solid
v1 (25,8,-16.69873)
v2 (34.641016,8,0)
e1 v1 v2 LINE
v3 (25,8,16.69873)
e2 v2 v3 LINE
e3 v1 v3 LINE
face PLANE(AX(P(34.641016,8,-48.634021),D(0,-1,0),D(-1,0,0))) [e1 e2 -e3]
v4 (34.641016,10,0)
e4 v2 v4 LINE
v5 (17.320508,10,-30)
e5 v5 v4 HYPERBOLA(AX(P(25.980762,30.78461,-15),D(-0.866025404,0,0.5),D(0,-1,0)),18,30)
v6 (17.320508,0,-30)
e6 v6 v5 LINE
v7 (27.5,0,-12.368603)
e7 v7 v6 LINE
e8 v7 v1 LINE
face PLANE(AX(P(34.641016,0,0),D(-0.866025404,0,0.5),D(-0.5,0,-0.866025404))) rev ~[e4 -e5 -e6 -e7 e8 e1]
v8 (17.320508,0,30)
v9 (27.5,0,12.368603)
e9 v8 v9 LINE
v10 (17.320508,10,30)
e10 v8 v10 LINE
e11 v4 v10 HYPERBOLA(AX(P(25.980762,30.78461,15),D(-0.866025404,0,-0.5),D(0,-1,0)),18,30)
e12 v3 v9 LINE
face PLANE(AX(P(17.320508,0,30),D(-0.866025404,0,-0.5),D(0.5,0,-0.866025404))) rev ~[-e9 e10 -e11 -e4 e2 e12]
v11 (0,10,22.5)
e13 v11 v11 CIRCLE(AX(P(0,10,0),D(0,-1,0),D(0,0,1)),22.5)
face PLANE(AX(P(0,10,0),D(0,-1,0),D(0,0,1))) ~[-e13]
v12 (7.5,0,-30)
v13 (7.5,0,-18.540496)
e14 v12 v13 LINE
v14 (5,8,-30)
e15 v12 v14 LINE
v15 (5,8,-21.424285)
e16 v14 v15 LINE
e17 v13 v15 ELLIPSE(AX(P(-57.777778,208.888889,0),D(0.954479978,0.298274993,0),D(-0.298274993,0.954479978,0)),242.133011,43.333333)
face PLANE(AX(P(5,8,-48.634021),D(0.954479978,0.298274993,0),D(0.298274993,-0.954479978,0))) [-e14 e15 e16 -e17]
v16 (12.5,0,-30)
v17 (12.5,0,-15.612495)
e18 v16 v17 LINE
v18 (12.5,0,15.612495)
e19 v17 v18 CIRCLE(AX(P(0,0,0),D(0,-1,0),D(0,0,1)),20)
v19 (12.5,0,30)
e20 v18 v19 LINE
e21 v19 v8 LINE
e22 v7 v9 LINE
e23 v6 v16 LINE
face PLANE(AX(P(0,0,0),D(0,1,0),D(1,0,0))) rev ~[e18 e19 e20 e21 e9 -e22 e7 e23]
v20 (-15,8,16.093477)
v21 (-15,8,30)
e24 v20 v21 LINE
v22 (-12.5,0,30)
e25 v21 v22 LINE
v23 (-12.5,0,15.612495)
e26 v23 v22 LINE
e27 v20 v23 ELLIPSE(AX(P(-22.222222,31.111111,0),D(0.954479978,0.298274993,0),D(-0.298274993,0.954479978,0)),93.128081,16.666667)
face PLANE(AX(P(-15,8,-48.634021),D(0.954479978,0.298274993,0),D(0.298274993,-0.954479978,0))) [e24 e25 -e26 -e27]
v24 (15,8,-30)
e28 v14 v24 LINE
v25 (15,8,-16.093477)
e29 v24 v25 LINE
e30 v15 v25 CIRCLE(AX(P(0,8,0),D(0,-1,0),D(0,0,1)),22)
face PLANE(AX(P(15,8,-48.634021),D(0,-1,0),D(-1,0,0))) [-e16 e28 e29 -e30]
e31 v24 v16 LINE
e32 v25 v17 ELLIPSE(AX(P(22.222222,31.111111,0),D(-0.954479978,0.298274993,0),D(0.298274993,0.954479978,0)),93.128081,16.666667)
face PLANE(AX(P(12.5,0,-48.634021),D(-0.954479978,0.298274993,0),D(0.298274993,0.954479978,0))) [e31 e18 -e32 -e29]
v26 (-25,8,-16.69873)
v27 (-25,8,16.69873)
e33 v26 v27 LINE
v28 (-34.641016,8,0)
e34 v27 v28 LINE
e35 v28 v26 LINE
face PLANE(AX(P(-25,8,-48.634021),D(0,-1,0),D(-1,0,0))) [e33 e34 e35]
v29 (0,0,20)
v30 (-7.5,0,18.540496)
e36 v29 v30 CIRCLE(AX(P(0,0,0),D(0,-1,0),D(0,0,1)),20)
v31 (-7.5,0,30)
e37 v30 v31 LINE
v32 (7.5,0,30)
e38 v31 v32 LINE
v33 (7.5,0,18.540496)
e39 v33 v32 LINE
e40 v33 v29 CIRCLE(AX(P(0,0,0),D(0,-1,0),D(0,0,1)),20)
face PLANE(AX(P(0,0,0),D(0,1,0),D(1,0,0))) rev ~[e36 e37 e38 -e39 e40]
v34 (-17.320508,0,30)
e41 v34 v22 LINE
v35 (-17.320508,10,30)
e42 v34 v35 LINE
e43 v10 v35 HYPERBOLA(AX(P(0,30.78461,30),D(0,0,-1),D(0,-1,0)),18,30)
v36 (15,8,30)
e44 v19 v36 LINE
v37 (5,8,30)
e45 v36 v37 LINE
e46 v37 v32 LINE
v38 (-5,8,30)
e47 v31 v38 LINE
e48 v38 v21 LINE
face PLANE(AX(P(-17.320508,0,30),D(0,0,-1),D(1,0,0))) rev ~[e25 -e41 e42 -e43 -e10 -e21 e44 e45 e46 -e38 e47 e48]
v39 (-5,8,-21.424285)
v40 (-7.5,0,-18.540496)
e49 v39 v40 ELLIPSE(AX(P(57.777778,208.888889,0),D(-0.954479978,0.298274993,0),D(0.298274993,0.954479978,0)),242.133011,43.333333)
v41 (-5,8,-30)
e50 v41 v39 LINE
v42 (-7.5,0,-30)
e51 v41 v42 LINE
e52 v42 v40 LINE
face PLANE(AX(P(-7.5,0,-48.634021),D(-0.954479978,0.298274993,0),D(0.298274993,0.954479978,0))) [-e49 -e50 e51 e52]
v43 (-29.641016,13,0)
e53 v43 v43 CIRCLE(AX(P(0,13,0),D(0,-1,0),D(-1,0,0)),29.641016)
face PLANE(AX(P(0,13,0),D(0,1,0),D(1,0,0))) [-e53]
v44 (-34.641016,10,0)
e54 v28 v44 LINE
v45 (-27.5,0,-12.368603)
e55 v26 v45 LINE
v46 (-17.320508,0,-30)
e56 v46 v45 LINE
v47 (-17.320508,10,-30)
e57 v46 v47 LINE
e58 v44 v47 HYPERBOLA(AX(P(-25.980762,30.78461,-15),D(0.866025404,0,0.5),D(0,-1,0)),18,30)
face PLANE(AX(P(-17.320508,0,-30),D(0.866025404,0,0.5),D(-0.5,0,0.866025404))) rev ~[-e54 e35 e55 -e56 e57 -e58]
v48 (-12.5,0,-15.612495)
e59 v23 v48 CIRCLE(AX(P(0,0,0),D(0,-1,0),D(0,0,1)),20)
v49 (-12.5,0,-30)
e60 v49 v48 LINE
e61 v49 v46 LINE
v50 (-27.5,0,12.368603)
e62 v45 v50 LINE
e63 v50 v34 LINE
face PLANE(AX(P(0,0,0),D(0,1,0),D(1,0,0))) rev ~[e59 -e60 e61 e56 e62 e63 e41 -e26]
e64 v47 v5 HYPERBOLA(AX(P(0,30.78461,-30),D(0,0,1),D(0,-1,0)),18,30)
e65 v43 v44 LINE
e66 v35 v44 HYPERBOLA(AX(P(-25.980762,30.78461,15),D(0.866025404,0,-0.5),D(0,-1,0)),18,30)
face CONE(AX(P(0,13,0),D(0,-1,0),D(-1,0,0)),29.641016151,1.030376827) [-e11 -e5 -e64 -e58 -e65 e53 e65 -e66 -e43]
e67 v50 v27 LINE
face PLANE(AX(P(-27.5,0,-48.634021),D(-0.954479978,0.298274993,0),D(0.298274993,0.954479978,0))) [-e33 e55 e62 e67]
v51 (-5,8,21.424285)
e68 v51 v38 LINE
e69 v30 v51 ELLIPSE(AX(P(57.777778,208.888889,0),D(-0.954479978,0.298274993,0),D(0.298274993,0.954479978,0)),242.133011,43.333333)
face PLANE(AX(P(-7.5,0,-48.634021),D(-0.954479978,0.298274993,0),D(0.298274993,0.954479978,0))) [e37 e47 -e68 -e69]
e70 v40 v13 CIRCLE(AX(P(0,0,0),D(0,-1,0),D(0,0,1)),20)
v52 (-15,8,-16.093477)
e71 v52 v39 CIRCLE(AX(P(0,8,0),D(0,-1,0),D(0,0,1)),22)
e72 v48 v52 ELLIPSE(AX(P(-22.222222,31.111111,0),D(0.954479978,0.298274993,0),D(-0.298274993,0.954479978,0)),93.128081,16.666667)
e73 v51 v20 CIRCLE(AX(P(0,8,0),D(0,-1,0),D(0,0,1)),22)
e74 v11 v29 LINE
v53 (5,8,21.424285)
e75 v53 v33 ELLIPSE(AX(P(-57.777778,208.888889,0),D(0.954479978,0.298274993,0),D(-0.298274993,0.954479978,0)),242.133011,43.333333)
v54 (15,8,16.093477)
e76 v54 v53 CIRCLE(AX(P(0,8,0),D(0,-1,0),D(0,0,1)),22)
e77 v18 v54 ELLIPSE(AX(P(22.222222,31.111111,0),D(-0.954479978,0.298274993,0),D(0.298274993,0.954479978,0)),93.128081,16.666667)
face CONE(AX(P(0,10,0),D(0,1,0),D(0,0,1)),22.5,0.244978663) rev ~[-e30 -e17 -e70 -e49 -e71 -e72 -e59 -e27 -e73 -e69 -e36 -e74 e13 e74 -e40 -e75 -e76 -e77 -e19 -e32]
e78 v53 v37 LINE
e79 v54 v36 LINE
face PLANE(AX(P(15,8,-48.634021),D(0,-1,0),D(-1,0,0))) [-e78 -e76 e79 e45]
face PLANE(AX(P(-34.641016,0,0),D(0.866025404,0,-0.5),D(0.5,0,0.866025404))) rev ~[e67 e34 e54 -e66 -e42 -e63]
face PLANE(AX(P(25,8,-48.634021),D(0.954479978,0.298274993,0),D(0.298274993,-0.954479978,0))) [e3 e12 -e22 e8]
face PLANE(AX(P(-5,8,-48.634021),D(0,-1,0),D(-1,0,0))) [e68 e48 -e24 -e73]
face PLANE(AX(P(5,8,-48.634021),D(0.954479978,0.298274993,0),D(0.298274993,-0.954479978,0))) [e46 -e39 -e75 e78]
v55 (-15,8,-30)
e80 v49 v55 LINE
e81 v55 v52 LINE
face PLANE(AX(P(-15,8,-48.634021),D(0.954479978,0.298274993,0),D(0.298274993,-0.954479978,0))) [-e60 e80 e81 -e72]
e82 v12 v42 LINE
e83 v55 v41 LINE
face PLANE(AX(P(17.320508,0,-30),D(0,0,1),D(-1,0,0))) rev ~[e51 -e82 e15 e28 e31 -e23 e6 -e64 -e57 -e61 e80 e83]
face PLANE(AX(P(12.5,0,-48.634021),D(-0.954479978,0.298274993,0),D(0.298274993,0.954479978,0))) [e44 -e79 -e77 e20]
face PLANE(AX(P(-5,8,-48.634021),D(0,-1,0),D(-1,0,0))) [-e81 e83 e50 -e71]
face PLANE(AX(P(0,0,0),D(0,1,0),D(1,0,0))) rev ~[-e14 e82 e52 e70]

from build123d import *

# Parameters (mm, degrees)
EXTRUDE_1_DEPTH          = 13
CUT_EXTRUDE_1_DEPTH      = 48.634021455
CUT_EXTRUDE_1_DEPTH_BACK = 48.634021455


with BuildPart() as part:
    # 草圖1 → 填料-伸長1 (new body)
    with BuildSketch(Plane(origin=(0, 0, 0), x_dir=(1, 0, 0), z_dir=(0, 1, 0))):
        Polygon((17.320508076, -30), (34.641016151, 0), (17.320508076, 30), (-17.320508076, 30), (-34.641016151, 0), (-17.320508076, -30), align=None)
    extrude(amount=EXTRUDE_1_DEPTH)

    # 草圖2 → 除料-伸長1 (cut, two sides: drawn at the far end of the back side and taken through both)
    with BuildSketch(Plane.XY.offset(-CUT_EXTRUDE_1_DEPTH_BACK)):
        Polygon((-12.5, 0), (-7.5, 0), (-5, 8), (-15, 8), align=None)
        Polygon((-34.641016151, 0), (-27.5, 0), (-25, 8), (-34.641016151, 8), align=None)
        Polygon((5, 8), (7.5, 0), (12.5, 0), (15, 8), align=None)
        Polygon((25, 8), (27.5, 0), (34.641016151, 0), (34.641016151, 8), align=None)
    extrude(amount=CUT_EXTRUDE_1_DEPTH + CUT_EXTRUDE_1_DEPTH_BACK, mode=Mode.SUBTRACT)

    # 草圖3 → 除料-旋轉1 (revolve, cut)
    with BuildSketch(Plane.XY, mode=Mode.PRIVATE) as cut_revolve_1_sk:
        Polygon((0, 10), (-22.5, 10), (-20, 0), (0, 0), align=None)
    revolve(cut_revolve_1_sk.sketch.rotate(Axis((0, 13.801022721, 0), (0, -1, 0)), 270), axis=Axis((0, 13.801022721, 0), (0, -1, 0)), mode=Mode.SUBTRACT)

    # 草圖4 → 除料-旋轉7 (revolve, cut)
    with BuildSketch(Plane.XY, mode=Mode.PRIVATE) as cut_revolve_7_sk:
        Polygon((34.641016151, 10), (34.641016151, 13), (29.641016151, 13), align=None)
    revolve(cut_revolve_7_sk.sketch.rotate(Axis((0, 13, 0), (0, -1, 0)), 180), axis=Axis((0, 13, 0), (0, -1, 0)), mode=Mode.SUBTRACT)


solid = part.part
